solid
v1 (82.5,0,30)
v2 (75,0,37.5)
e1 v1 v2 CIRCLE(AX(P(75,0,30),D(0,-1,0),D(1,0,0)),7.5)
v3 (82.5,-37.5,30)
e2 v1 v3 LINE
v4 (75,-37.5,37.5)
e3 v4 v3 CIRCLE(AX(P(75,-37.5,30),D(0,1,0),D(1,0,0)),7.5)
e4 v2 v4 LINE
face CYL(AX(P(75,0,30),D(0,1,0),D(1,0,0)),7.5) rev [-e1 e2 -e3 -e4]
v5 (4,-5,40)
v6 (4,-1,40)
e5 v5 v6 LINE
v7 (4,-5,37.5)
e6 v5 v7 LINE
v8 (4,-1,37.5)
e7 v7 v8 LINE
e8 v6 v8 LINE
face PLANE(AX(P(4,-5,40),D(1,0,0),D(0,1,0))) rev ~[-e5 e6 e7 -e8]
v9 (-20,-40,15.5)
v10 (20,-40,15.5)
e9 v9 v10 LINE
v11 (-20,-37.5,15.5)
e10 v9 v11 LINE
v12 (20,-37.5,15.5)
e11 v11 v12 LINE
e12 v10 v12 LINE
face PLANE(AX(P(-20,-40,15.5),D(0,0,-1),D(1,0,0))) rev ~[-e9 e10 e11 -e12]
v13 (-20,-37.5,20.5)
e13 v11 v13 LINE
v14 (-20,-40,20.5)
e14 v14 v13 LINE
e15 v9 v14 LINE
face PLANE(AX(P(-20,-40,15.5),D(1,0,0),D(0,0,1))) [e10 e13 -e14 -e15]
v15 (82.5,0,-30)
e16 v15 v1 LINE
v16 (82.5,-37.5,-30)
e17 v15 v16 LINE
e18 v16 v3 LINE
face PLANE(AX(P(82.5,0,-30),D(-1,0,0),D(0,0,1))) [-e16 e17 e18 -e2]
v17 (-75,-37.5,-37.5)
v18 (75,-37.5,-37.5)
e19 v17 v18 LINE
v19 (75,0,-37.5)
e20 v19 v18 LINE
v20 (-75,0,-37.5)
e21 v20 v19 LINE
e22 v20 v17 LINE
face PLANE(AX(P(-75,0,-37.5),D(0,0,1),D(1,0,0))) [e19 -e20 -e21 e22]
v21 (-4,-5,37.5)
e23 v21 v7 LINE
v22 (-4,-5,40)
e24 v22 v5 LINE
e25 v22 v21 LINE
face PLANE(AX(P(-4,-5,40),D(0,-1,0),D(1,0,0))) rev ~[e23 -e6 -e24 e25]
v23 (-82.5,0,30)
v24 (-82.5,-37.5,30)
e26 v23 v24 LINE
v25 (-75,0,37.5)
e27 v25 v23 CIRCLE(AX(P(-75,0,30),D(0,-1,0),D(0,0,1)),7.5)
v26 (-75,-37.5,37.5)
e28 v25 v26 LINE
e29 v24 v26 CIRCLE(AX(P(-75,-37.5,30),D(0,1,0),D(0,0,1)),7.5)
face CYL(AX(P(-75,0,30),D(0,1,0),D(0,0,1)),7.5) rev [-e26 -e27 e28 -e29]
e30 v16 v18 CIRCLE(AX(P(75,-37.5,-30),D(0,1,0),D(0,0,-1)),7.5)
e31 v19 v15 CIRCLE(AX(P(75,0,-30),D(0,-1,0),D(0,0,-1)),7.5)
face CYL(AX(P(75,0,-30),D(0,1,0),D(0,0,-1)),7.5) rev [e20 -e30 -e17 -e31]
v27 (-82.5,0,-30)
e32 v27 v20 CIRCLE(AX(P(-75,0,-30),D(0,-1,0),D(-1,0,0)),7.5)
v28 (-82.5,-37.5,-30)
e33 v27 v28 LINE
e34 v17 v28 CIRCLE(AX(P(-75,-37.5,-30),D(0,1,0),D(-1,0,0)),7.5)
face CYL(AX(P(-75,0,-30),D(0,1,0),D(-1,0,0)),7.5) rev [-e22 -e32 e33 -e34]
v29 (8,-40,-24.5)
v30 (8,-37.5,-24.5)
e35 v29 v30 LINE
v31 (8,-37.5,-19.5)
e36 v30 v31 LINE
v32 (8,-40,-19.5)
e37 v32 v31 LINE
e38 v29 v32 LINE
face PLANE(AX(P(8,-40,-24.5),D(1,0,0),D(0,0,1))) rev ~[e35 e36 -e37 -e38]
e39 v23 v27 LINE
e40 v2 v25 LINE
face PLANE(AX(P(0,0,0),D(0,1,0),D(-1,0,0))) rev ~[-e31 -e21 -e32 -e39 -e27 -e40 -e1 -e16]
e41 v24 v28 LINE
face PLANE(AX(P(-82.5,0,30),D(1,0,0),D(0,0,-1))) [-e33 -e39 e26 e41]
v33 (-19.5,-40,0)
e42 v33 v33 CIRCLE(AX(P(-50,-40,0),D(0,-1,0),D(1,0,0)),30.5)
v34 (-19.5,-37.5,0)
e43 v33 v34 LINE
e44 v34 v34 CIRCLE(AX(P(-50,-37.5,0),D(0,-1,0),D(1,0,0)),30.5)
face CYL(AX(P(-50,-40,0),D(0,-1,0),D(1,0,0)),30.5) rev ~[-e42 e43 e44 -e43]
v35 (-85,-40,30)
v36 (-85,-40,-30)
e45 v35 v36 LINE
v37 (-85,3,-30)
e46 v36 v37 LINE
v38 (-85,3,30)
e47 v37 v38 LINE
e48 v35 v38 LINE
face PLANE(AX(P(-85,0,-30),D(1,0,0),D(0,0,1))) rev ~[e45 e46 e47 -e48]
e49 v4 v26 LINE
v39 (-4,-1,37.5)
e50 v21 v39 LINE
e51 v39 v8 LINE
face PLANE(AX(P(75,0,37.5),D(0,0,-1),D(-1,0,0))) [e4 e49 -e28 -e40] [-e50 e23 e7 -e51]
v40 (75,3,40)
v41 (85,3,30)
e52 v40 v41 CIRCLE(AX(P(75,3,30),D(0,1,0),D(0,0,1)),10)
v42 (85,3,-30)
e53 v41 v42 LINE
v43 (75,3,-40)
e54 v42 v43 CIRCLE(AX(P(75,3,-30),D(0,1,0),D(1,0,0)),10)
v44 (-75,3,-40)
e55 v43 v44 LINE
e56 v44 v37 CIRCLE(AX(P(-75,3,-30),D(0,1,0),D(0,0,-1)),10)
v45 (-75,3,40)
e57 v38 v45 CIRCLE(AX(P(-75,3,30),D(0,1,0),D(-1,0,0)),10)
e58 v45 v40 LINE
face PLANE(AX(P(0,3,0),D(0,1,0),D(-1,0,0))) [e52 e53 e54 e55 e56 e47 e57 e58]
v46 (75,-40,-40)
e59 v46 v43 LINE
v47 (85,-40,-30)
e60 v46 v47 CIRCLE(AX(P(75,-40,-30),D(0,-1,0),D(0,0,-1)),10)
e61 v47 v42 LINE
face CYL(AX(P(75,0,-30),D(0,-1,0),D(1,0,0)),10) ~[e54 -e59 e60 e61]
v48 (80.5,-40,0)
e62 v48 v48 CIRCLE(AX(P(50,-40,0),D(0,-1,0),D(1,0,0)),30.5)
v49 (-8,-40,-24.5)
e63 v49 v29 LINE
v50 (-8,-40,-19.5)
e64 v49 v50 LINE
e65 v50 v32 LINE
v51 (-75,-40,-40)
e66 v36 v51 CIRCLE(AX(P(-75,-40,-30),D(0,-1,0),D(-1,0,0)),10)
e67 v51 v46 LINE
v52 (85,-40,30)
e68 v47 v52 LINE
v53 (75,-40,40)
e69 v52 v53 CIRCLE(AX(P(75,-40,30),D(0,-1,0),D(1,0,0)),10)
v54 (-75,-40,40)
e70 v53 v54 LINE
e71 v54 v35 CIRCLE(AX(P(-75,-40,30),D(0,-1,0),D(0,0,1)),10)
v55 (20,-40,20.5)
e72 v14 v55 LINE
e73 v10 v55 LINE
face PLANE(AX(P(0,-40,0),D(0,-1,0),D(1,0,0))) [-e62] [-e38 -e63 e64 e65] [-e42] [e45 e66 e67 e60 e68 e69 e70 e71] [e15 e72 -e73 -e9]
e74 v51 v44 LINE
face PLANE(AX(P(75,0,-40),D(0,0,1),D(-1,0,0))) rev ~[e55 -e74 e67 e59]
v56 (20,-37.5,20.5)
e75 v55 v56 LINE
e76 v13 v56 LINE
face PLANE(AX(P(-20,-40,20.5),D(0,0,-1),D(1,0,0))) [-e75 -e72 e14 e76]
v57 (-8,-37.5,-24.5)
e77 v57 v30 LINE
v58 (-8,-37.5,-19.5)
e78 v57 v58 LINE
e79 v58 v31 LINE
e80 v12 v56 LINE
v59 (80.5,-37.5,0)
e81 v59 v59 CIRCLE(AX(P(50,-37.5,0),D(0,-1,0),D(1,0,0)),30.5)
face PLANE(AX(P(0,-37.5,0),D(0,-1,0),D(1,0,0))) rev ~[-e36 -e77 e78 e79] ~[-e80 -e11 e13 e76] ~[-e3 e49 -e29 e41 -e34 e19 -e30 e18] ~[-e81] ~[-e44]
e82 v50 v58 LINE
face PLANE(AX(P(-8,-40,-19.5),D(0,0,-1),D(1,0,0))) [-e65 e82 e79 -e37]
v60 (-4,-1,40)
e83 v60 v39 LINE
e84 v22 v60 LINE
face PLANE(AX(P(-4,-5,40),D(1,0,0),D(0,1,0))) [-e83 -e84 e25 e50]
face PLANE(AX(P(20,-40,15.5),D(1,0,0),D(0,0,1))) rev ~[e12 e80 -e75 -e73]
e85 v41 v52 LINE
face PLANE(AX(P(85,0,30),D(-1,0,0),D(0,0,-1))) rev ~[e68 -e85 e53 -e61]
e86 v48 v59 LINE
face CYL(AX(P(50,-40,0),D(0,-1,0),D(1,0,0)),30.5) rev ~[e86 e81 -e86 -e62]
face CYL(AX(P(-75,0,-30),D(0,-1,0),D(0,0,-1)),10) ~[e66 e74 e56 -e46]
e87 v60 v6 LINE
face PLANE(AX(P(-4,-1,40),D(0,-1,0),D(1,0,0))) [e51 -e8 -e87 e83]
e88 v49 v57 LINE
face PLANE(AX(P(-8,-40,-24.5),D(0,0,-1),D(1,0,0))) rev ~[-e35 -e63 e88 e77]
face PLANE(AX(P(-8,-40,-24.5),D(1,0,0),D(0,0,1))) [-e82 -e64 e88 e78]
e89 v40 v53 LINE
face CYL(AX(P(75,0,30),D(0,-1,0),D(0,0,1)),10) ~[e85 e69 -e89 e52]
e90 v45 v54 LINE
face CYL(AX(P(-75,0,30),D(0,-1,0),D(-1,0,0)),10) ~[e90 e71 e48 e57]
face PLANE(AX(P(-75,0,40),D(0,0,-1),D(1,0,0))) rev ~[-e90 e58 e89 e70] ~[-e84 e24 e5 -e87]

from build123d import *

# Parameters (mm, degrees)
F1_DEPTH  = 40
F2_T      = -2.5
F3_R      = 30.5
F4_DEPTH  = 5
F6_DEPTH  = 3
F7_W      = 40
F7_H      = 5
F8_DEPTH  = 5
F9_W      = 16
F9_H      = 5
F10_DEPTH = 5
F11_W     = 8
F11_H     = 4
F12_DEPTH = 2.5


with BuildPart() as f1:
    # F0 (on Front) → F1 (new body)
    with BuildSketch(Plane.XZ):
        with BuildLine():
            ThreePointArc((85, 30), (82.0710678119, 37.0710678119), (75, 40))
            Line((75, 40), (-75, 40))
            ThreePointArc((-75, 40), (-82.0710678119, 37.0710678119), (-85, 30))
            Line((-85, 30), (-85, -30))
            ThreePointArc((-85, -30), (-82.0710678119, -37.0710678119), (-75, -40))
            Line((-75, -40), (75, -40))
            ThreePointArc((75, -40), (82.0710678119, -37.0710678119), (85, -30))
            Line((85, -30), (85, 30))
        make_face()
    extrude(amount=F1_DEPTH)

    # F2
    f2_openings = [f1.faces().sort_by_distance(p)[0] for p in [
        (0, 0, 0),
    ]]
    offset(amount=F2_T, openings=f2_openings)

    # F3 (on face) → F4 (cut)
    with BuildSketch(Plane.XZ.offset(40)):
        with Locations((-50, 0)):
            Circle(F3_R)
        with Locations((50, 0)):
            Circle(F3_R)
    extrude(amount=-F4_DEPTH, mode=Mode.SUBTRACT)

    # F5 (on face) → F6 (join)
    with BuildSketch(Plane(origin=(0, 0, 0), x_dir=(-1, 0, 0), z_dir=(0, 1, 0))):
        with BuildLine():
            Line((-85, 30), (-85, -30))
            ThreePointArc((-85, -30), (-82.0710678119, -37.0710678119), (-75, -40))
            Line((-75, -40), (75, -40))
            ThreePointArc((75, -40), (82.0710678119, -37.0710678119), (85, -30))
            Line((85, -30), (85, 30))
            ThreePointArc((85, 30), (82.0710678119, 37.0710678119), (75, 40))
            Line((75, 40), (-75, 40))
            ThreePointArc((-75, 40), (-82.0710678119, 37.0710678119), (-85, 30))
        make_face()
        with BuildLine():
            Line((75, -37.5), (-75, -37.5))
            ThreePointArc((-75, -37.5), (-80.3033008589, -35.3033008589), (-82.5, -30))
            Line((-82.5, -30), (-82.5, 30))
            ThreePointArc((-82.5, 30), (-80.3033008589, 35.3033008589), (-75, 37.5))
            Line((-75, 37.5), (75, 37.5))
            ThreePointArc((75, 37.5), (80.3033008589, 35.3033008589), (82.5, 30))
            Line((82.5, 30), (82.5, -30))
            ThreePointArc((82.5, -30), (80.3033008589, -35.3033008589), (75, -37.5))
        make_face(mode=Mode.SUBTRACT)
        with BuildLine():
            ThreePointArc((-82.5, -30), (-80.3033008589, -35.3033008589), (-75, -37.5))
            Line((-75, -37.5), (75, -37.5))
            ThreePointArc((75, -37.5), (80.3033008589, -35.3033008589), (82.5, -30))
            Line((82.5, -30), (82.5, 30))
            ThreePointArc((82.5, 30), (80.3033008589, 35.3033008589), (75, 37.5))
            Line((75, 37.5), (-75, 37.5))
            ThreePointArc((-75, 37.5), (-80.3033008589, 35.3033008589), (-82.5, 30))
            Line((-82.5, 30), (-82.5, -30))
        make_face()
    extrude(amount=F6_DEPTH)

    # F7 (on face) → F8 (cut)
    with BuildSketch(Plane.XZ.offset(40)):
        with Locations((0, 18)):
            Rectangle(F7_W, F7_H)
    extrude(amount=-F8_DEPTH, mode=Mode.SUBTRACT)

    # F9 (on face) → F10 (cut)
    with BuildSketch(Plane.XZ.offset(40)):
        with Locations((0, -22)):
            Rectangle(F9_W, F9_H)
    extrude(amount=-F10_DEPTH, mode=Mode.SUBTRACT)

    # F11 (on face) → F12 (cut)
    with BuildSketch(Plane.XY.offset(40)):
        with Locations((0, -3)):
            Rectangle(F11_W, F11_H)
    extrude(amount=-F12_DEPTH, mode=Mode.SUBTRACT)


solid = f1.part
